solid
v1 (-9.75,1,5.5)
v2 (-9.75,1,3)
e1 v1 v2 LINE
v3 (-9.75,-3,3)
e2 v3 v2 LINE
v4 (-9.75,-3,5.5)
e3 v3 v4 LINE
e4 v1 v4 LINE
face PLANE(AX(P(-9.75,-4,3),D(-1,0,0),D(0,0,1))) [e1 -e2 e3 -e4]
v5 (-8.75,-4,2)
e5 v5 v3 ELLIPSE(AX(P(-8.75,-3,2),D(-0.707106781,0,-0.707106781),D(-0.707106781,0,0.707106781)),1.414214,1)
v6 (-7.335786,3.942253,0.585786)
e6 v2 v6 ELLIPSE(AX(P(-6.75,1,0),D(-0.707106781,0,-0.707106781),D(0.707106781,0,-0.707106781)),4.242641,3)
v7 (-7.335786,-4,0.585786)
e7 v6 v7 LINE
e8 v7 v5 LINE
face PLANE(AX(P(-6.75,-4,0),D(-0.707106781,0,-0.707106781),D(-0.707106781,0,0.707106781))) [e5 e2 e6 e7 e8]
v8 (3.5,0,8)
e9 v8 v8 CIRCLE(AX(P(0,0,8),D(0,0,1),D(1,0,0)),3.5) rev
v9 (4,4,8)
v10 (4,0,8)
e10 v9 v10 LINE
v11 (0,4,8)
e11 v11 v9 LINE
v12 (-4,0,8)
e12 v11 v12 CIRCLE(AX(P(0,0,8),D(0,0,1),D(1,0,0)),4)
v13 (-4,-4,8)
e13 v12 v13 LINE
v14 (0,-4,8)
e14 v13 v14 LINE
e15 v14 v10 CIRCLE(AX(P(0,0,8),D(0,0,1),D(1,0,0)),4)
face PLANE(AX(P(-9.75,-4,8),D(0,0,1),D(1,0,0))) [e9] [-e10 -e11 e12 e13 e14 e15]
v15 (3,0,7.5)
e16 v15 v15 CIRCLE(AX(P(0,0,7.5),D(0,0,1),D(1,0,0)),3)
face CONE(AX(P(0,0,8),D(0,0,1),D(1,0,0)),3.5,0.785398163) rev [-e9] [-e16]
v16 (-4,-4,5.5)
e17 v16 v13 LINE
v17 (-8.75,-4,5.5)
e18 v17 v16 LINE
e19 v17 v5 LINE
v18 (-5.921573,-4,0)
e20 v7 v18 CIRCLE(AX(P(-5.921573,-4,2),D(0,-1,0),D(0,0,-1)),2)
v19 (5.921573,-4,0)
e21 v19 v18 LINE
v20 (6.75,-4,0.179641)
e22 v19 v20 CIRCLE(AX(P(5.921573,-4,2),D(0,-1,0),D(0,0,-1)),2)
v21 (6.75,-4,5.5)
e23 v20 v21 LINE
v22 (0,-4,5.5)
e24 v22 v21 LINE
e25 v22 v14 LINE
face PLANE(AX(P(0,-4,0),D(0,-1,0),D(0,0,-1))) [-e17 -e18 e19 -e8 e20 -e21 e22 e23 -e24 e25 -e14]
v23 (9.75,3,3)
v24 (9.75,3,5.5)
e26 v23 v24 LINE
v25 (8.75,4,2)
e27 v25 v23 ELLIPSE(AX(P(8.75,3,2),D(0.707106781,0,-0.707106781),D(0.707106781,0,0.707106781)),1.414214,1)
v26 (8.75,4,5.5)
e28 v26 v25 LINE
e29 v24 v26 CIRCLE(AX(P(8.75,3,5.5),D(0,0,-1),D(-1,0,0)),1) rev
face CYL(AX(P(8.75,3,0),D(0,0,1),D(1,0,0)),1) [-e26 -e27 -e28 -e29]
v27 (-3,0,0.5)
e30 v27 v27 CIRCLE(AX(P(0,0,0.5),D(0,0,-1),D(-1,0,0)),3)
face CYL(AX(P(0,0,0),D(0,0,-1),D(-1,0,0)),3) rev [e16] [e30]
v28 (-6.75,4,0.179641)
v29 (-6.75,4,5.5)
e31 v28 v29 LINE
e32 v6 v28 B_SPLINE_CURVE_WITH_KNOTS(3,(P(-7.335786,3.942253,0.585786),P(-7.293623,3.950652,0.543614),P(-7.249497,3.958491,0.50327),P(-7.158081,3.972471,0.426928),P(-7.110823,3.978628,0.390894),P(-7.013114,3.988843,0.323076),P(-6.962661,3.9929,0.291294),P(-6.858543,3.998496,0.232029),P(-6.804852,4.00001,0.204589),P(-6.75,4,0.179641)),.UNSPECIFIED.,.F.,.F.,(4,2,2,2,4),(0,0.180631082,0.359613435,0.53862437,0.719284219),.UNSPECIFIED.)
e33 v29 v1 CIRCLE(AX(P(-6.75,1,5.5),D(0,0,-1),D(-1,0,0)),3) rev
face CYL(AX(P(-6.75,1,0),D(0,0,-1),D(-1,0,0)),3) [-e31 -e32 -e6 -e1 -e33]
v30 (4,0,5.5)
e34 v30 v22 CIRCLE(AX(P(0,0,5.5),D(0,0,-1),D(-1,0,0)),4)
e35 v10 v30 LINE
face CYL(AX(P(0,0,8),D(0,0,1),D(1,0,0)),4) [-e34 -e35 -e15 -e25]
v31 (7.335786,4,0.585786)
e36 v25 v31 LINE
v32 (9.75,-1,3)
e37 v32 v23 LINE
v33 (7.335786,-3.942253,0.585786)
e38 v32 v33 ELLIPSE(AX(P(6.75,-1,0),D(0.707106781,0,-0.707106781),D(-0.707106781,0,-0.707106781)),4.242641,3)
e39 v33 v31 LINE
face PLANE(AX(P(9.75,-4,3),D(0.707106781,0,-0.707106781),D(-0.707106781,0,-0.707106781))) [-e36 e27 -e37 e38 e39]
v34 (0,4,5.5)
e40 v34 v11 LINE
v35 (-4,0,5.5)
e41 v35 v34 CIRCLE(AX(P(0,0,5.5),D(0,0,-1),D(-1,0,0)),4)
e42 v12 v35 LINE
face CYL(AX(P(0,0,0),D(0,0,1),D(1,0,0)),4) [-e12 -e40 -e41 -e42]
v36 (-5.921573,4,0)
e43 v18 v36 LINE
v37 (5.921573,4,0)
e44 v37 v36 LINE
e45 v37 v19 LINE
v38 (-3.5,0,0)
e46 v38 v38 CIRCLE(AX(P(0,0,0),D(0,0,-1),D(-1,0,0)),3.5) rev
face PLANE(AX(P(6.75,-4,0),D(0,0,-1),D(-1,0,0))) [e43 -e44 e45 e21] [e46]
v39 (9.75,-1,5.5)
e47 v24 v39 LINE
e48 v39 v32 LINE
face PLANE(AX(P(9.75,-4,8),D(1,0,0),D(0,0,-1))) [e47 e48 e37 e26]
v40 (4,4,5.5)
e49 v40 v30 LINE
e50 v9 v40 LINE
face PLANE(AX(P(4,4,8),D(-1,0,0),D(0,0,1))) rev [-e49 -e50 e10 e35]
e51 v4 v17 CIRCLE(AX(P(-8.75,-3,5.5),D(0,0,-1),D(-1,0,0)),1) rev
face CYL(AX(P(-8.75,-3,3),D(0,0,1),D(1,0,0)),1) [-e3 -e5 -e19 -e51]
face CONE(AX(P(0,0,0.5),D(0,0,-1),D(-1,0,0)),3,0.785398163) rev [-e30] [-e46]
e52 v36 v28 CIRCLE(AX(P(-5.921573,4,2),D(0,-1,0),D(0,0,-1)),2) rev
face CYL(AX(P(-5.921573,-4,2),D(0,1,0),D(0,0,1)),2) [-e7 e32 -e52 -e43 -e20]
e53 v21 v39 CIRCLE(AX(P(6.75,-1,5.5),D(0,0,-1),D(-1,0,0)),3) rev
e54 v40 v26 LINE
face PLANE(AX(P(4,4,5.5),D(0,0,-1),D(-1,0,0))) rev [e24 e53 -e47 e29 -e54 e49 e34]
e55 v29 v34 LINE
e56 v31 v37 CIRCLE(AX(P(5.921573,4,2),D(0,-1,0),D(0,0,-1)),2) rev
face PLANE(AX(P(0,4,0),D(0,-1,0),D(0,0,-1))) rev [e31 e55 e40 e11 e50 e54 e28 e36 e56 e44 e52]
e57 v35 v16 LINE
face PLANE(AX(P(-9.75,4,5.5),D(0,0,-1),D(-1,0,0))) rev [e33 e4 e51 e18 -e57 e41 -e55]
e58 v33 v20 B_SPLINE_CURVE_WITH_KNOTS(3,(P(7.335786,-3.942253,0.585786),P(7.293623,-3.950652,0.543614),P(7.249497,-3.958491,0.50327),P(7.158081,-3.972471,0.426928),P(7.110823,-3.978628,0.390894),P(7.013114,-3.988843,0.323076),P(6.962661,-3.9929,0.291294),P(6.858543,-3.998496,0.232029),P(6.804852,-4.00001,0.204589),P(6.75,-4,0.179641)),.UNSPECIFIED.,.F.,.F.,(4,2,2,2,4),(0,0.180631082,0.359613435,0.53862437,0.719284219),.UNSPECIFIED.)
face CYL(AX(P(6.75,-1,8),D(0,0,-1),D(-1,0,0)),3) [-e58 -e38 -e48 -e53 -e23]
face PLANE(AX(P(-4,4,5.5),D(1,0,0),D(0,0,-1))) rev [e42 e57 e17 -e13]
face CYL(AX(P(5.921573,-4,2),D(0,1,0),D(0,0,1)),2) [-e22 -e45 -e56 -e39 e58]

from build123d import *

# Parameters (mm, degrees)
EXTRUDE_1_DEPTH       = 8
SKETCH_2_W            = 5.75
SKETCH_2_H            = 2.5
CUT_EXTRUDE_1_DEPTH   = 15.935277031
SKETCH_3_W            = 5.75
SKETCH_3_H            = 2.5
CUT_EXTRUDE_2_DEPTH   = 15.935277031
HOLE_WIZARD_6_0_6_1_D = 6
CHAMFER_1_SIZE        = 0.5
FILLET_1_R            = 1
FILLET_2_R            = 2
FILLET_3_R            = 3
FILLET_4_R            = 4


with BuildPart() as part:
    # 草图1 → 凸台-拉伸1 (new body)
    with BuildSketch(Plane(origin=(0, 4, 0), x_dir=(1, 0, 0), z_dir=(0, 1, 0))):
        Polygon((-9.75, -3), (-9.75, -8), (9.75, -8), (9.75, -3), (6.75, 0), (-6.75, 0), align=None)
    extrude(amount=-EXTRUDE_1_DEPTH)

    # 草图2 → 切除-拉伸1 (cut, through all)
    with BuildSketch(Plane.XZ.offset(4)):
        with Locations((-6.875, 6.75)):
            Rectangle(SKETCH_2_W, SKETCH_2_H)
    extrude(amount=-CUT_EXTRUDE_1_DEPTH, mode=Mode.SUBTRACT)

    # 草图3 → 切除-拉伸2 (cut, through all)
    with BuildSketch(Plane.XZ.offset(4)):
        with Locations((6.875, 6.75)):
            Rectangle(SKETCH_3_W, SKETCH_3_H)
    extrude(amount=-CUT_EXTRUDE_2_DEPTH, mode=Mode.SUBTRACT)

    # Ø6.0 (6) 直径孔1 (through all)
    with Locations(Plane(origin=(0, 0, 0), x_dir=(-1, 0, 0), z_dir=(0, 0, -1))):
        with Locations((0, 0)):
            Hole(HOLE_WIZARD_6_0_6_1_D / 2)

    # 倒角1
    chamfer_1_edges = [part.edges().sort_by_distance(p)[0] for p in [
        (-3, 0, 0),
        (-3, 0, 8),
    ]]
    chamfer(chamfer_1_edges, length=CHAMFER_1_SIZE)

    # 圆角1
    fillet_1_edges = [part.edges().sort_by_distance(p)[0] for p in [
        (9.75, 4, 4.25),
        (-9.75, -4, 4.25),
    ]]
    fillet(fillet_1_edges, radius=FILLET_1_R)

    # 圆角2
    fillet_2_edges = [part.edges().sort_by_distance(p)[0] for p in [
        (-6.75, 0, 0),
        (6.75, 0, 0),
    ]]
    fillet(fillet_2_edges, radius=FILLET_2_R)

    # 圆角3
    fillet_3_edges = [part.edges().sort_by_distance(p)[0] for p in [
        (9.75, -4, 4.25),
        (-9.75, 4, 4.25),
    ]]
    fillet(fillet_3_edges, radius=FILLET_3_R)

    # 圆角4
    fillet_4_edges = [part.edges().sort_by_distance(p)[0] for p in [
        (-4, 4, 6.75),
        (4, -4, 6.75),
    ]]
    fillet(fillet_4_edges, radius=FILLET_4_R)


solid = part.part
